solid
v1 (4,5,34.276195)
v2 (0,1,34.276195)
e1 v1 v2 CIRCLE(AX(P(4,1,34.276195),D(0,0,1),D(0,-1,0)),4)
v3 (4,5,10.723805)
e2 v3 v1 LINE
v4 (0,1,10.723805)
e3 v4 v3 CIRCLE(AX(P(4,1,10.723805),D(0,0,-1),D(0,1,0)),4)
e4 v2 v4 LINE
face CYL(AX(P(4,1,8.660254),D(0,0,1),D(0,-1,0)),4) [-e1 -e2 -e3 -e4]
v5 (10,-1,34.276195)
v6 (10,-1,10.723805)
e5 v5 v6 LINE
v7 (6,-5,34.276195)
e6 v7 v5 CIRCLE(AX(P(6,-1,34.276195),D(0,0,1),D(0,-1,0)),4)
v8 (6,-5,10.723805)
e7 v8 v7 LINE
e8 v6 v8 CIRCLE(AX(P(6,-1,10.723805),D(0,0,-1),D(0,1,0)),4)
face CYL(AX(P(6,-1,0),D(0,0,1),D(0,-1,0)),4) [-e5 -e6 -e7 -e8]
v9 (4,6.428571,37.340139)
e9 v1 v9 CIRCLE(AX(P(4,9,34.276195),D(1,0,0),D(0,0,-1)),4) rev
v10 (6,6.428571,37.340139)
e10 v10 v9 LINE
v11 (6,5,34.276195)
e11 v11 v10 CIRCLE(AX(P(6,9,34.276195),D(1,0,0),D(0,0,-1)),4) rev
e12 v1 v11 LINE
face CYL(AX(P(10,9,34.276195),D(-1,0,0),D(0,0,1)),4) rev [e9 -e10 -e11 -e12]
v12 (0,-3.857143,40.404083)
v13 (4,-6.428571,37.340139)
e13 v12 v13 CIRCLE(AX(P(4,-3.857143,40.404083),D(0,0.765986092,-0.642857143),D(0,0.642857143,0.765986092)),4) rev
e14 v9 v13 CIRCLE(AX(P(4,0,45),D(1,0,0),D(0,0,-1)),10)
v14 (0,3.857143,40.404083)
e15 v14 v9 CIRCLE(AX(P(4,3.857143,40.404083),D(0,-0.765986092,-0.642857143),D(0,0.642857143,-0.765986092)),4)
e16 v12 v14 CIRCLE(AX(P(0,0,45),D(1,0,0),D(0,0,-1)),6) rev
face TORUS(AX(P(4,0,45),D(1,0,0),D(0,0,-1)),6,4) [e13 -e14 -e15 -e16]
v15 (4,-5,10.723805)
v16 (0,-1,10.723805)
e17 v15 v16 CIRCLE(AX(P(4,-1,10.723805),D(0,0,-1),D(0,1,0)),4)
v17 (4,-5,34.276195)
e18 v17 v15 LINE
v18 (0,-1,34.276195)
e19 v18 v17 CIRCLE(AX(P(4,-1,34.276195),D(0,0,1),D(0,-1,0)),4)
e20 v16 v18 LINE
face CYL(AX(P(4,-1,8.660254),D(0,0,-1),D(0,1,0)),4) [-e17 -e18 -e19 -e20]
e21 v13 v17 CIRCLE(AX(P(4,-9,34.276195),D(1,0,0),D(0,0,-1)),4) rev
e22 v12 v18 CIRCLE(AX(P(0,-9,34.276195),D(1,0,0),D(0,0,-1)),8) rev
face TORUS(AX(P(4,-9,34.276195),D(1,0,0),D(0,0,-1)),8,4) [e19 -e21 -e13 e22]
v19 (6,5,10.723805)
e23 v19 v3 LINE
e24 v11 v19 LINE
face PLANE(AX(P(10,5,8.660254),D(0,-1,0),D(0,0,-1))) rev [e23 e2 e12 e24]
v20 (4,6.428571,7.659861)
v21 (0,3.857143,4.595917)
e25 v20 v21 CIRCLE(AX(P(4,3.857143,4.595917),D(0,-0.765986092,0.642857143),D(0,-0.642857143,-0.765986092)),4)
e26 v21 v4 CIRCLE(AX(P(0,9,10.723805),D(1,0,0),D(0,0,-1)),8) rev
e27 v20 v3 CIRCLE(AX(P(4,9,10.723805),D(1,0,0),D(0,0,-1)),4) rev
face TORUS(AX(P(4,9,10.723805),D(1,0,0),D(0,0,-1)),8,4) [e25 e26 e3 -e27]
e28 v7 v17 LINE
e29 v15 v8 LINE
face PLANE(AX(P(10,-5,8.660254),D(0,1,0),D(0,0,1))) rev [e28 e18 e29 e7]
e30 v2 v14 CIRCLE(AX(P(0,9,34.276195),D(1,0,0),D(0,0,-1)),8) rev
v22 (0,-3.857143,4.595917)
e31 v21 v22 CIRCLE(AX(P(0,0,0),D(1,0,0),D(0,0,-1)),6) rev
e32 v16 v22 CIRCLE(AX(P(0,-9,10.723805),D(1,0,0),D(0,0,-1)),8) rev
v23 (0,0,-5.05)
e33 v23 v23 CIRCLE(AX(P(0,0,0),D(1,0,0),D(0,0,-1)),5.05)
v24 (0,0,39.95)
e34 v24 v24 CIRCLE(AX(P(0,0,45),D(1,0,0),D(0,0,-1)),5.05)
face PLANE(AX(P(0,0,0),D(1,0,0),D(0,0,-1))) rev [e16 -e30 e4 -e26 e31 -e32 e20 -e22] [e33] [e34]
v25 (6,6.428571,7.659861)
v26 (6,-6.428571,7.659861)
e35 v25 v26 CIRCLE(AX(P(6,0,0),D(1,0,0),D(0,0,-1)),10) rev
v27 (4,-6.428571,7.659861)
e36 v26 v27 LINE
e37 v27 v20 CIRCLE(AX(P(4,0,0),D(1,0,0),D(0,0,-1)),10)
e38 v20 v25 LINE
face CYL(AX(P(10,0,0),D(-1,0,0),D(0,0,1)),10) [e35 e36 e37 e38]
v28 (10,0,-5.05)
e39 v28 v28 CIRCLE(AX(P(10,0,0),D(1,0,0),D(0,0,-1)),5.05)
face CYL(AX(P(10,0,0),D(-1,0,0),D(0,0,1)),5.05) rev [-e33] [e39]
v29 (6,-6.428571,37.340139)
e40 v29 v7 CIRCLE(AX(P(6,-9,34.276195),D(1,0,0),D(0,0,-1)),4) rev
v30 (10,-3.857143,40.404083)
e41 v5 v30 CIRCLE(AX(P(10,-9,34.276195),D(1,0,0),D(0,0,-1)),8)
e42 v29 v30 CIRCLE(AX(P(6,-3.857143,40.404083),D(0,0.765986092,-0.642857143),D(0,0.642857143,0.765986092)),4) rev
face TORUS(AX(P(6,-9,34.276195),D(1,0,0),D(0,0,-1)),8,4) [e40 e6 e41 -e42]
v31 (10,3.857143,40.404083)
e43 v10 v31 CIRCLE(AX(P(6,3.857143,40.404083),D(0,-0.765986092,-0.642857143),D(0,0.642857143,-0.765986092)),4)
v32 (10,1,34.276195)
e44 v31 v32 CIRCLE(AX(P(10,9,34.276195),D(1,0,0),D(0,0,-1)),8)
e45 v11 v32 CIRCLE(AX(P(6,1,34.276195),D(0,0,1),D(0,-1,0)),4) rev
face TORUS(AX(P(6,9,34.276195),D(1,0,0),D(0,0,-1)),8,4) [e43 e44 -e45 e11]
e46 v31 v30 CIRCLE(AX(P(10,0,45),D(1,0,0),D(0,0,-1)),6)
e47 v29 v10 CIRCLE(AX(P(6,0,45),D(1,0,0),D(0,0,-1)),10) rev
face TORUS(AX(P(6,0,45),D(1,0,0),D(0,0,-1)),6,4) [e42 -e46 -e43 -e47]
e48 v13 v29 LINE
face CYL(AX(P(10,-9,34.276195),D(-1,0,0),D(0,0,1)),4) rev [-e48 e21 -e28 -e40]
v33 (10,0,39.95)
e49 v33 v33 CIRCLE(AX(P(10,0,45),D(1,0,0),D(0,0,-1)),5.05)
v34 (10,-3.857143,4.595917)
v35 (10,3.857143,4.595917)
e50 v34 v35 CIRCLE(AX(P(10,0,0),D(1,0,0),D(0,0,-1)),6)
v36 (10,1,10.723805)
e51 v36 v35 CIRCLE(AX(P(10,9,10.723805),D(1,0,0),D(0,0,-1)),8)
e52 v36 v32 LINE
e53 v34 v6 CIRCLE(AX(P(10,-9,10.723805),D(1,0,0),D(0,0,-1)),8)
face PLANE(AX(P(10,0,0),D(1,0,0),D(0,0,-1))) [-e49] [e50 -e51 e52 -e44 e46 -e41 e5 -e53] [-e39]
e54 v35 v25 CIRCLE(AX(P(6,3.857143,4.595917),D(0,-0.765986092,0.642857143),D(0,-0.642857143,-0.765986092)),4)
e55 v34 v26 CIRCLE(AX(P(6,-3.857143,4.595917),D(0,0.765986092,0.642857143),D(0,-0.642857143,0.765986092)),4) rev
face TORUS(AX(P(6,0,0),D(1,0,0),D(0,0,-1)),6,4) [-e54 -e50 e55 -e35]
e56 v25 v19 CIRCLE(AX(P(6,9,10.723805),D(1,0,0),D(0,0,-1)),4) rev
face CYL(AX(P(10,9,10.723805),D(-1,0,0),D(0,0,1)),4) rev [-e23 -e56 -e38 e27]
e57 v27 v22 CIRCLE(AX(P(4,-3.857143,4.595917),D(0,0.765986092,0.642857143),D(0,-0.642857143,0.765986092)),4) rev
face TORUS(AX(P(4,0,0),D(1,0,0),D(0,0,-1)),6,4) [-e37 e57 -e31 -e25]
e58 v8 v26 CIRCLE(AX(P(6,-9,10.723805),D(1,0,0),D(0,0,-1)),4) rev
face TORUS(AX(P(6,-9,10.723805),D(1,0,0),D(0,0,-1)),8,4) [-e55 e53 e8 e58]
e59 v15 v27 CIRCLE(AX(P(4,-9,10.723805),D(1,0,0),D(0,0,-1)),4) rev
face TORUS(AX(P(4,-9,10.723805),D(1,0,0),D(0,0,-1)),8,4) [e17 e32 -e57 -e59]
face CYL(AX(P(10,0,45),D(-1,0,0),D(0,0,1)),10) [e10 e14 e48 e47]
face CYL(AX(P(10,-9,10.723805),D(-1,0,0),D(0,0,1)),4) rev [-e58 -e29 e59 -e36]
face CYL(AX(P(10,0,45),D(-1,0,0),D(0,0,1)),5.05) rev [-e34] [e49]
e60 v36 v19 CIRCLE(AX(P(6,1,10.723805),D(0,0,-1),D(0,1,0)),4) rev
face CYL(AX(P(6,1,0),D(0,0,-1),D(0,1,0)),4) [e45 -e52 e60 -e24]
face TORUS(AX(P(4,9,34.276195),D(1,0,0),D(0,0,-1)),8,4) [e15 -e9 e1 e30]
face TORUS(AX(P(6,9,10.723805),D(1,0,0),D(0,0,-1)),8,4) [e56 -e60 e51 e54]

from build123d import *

# Parameters (mm, degrees)
BOSS_EXTRUDE2_DEPTH = 20
SKETCH4_R           = 10.1
CUT_EXTRUDE1_DEPTH  = 20
SKETCH5_R           = 10.1
CUT_EXTRUDE2_DEPTH  = 20
FILLET1_R           = 8
SCALE1_SCALE        = 0.5


with BuildPart() as part:
    # Sketch3 → Boss-Extrude2 (new body)
    with BuildSketch(Plane(origin=(0, 0, 0), x_dir=(0, 0, -1), z_dir=(1, 0, 0))):
        with BuildLine():
            Line((-17.320508076, -10), (-72.679491924, -10))
            ThreePointArc((-72.679491924, -10), (-110, 0), (-72.679491924, 10))
            Line((-72.679491924, 10), (-17.320508076, 10))
            ThreePointArc((-17.320508076, 10), (20, 0), (-17.320508076, -10))
        make_face()
    extrude(amount=BOSS_EXTRUDE2_DEPTH)

    # Sketch4 → Cut-Extrude1 (cut)
    with BuildSketch(Plane(origin=(0, 0, 0), x_dir=(0, 0, -1), z_dir=(1, 0, 0))):
        with Locations((-90, 0)):
            Circle(SKETCH4_R)
    extrude(amount=CUT_EXTRUDE1_DEPTH, mode=Mode.SUBTRACT)

    # Sketch5 → Cut-Extrude2 (cut)
    with BuildSketch(Plane(origin=(0, 0, 0), x_dir=(0, 0, -1), z_dir=(1, 0, 0))):
        Circle(SKETCH5_R)
    extrude(amount=CUT_EXTRUDE2_DEPTH, mode=Mode.SUBTRACT)

    # Fillet1
    fillet1_edges = [part.edges().sort_by_distance(p)[0] for p in [
        (20, 0, 110),
        (20, -10, 45),
        (20, 0, -20),
        (0, -10, 45),
        (0, 0, 110),
        (0, 10, 45),
        (0, 0, -20),
        (10, -10, 17.320508076),
        (10, -10, 72.679491924),
        (10, 10, 72.679491924),
        (10, 10, 17.320508076),
        (20, 10, 45),
    ]]
    fillet(fillet1_edges, radius=FILLET1_R)


with BuildPart() as part_1:
    # Scale1: scaled about (0, 0, 0)
    add(part.part.scale(SCALE1_SCALE))


solid = part_1.part
